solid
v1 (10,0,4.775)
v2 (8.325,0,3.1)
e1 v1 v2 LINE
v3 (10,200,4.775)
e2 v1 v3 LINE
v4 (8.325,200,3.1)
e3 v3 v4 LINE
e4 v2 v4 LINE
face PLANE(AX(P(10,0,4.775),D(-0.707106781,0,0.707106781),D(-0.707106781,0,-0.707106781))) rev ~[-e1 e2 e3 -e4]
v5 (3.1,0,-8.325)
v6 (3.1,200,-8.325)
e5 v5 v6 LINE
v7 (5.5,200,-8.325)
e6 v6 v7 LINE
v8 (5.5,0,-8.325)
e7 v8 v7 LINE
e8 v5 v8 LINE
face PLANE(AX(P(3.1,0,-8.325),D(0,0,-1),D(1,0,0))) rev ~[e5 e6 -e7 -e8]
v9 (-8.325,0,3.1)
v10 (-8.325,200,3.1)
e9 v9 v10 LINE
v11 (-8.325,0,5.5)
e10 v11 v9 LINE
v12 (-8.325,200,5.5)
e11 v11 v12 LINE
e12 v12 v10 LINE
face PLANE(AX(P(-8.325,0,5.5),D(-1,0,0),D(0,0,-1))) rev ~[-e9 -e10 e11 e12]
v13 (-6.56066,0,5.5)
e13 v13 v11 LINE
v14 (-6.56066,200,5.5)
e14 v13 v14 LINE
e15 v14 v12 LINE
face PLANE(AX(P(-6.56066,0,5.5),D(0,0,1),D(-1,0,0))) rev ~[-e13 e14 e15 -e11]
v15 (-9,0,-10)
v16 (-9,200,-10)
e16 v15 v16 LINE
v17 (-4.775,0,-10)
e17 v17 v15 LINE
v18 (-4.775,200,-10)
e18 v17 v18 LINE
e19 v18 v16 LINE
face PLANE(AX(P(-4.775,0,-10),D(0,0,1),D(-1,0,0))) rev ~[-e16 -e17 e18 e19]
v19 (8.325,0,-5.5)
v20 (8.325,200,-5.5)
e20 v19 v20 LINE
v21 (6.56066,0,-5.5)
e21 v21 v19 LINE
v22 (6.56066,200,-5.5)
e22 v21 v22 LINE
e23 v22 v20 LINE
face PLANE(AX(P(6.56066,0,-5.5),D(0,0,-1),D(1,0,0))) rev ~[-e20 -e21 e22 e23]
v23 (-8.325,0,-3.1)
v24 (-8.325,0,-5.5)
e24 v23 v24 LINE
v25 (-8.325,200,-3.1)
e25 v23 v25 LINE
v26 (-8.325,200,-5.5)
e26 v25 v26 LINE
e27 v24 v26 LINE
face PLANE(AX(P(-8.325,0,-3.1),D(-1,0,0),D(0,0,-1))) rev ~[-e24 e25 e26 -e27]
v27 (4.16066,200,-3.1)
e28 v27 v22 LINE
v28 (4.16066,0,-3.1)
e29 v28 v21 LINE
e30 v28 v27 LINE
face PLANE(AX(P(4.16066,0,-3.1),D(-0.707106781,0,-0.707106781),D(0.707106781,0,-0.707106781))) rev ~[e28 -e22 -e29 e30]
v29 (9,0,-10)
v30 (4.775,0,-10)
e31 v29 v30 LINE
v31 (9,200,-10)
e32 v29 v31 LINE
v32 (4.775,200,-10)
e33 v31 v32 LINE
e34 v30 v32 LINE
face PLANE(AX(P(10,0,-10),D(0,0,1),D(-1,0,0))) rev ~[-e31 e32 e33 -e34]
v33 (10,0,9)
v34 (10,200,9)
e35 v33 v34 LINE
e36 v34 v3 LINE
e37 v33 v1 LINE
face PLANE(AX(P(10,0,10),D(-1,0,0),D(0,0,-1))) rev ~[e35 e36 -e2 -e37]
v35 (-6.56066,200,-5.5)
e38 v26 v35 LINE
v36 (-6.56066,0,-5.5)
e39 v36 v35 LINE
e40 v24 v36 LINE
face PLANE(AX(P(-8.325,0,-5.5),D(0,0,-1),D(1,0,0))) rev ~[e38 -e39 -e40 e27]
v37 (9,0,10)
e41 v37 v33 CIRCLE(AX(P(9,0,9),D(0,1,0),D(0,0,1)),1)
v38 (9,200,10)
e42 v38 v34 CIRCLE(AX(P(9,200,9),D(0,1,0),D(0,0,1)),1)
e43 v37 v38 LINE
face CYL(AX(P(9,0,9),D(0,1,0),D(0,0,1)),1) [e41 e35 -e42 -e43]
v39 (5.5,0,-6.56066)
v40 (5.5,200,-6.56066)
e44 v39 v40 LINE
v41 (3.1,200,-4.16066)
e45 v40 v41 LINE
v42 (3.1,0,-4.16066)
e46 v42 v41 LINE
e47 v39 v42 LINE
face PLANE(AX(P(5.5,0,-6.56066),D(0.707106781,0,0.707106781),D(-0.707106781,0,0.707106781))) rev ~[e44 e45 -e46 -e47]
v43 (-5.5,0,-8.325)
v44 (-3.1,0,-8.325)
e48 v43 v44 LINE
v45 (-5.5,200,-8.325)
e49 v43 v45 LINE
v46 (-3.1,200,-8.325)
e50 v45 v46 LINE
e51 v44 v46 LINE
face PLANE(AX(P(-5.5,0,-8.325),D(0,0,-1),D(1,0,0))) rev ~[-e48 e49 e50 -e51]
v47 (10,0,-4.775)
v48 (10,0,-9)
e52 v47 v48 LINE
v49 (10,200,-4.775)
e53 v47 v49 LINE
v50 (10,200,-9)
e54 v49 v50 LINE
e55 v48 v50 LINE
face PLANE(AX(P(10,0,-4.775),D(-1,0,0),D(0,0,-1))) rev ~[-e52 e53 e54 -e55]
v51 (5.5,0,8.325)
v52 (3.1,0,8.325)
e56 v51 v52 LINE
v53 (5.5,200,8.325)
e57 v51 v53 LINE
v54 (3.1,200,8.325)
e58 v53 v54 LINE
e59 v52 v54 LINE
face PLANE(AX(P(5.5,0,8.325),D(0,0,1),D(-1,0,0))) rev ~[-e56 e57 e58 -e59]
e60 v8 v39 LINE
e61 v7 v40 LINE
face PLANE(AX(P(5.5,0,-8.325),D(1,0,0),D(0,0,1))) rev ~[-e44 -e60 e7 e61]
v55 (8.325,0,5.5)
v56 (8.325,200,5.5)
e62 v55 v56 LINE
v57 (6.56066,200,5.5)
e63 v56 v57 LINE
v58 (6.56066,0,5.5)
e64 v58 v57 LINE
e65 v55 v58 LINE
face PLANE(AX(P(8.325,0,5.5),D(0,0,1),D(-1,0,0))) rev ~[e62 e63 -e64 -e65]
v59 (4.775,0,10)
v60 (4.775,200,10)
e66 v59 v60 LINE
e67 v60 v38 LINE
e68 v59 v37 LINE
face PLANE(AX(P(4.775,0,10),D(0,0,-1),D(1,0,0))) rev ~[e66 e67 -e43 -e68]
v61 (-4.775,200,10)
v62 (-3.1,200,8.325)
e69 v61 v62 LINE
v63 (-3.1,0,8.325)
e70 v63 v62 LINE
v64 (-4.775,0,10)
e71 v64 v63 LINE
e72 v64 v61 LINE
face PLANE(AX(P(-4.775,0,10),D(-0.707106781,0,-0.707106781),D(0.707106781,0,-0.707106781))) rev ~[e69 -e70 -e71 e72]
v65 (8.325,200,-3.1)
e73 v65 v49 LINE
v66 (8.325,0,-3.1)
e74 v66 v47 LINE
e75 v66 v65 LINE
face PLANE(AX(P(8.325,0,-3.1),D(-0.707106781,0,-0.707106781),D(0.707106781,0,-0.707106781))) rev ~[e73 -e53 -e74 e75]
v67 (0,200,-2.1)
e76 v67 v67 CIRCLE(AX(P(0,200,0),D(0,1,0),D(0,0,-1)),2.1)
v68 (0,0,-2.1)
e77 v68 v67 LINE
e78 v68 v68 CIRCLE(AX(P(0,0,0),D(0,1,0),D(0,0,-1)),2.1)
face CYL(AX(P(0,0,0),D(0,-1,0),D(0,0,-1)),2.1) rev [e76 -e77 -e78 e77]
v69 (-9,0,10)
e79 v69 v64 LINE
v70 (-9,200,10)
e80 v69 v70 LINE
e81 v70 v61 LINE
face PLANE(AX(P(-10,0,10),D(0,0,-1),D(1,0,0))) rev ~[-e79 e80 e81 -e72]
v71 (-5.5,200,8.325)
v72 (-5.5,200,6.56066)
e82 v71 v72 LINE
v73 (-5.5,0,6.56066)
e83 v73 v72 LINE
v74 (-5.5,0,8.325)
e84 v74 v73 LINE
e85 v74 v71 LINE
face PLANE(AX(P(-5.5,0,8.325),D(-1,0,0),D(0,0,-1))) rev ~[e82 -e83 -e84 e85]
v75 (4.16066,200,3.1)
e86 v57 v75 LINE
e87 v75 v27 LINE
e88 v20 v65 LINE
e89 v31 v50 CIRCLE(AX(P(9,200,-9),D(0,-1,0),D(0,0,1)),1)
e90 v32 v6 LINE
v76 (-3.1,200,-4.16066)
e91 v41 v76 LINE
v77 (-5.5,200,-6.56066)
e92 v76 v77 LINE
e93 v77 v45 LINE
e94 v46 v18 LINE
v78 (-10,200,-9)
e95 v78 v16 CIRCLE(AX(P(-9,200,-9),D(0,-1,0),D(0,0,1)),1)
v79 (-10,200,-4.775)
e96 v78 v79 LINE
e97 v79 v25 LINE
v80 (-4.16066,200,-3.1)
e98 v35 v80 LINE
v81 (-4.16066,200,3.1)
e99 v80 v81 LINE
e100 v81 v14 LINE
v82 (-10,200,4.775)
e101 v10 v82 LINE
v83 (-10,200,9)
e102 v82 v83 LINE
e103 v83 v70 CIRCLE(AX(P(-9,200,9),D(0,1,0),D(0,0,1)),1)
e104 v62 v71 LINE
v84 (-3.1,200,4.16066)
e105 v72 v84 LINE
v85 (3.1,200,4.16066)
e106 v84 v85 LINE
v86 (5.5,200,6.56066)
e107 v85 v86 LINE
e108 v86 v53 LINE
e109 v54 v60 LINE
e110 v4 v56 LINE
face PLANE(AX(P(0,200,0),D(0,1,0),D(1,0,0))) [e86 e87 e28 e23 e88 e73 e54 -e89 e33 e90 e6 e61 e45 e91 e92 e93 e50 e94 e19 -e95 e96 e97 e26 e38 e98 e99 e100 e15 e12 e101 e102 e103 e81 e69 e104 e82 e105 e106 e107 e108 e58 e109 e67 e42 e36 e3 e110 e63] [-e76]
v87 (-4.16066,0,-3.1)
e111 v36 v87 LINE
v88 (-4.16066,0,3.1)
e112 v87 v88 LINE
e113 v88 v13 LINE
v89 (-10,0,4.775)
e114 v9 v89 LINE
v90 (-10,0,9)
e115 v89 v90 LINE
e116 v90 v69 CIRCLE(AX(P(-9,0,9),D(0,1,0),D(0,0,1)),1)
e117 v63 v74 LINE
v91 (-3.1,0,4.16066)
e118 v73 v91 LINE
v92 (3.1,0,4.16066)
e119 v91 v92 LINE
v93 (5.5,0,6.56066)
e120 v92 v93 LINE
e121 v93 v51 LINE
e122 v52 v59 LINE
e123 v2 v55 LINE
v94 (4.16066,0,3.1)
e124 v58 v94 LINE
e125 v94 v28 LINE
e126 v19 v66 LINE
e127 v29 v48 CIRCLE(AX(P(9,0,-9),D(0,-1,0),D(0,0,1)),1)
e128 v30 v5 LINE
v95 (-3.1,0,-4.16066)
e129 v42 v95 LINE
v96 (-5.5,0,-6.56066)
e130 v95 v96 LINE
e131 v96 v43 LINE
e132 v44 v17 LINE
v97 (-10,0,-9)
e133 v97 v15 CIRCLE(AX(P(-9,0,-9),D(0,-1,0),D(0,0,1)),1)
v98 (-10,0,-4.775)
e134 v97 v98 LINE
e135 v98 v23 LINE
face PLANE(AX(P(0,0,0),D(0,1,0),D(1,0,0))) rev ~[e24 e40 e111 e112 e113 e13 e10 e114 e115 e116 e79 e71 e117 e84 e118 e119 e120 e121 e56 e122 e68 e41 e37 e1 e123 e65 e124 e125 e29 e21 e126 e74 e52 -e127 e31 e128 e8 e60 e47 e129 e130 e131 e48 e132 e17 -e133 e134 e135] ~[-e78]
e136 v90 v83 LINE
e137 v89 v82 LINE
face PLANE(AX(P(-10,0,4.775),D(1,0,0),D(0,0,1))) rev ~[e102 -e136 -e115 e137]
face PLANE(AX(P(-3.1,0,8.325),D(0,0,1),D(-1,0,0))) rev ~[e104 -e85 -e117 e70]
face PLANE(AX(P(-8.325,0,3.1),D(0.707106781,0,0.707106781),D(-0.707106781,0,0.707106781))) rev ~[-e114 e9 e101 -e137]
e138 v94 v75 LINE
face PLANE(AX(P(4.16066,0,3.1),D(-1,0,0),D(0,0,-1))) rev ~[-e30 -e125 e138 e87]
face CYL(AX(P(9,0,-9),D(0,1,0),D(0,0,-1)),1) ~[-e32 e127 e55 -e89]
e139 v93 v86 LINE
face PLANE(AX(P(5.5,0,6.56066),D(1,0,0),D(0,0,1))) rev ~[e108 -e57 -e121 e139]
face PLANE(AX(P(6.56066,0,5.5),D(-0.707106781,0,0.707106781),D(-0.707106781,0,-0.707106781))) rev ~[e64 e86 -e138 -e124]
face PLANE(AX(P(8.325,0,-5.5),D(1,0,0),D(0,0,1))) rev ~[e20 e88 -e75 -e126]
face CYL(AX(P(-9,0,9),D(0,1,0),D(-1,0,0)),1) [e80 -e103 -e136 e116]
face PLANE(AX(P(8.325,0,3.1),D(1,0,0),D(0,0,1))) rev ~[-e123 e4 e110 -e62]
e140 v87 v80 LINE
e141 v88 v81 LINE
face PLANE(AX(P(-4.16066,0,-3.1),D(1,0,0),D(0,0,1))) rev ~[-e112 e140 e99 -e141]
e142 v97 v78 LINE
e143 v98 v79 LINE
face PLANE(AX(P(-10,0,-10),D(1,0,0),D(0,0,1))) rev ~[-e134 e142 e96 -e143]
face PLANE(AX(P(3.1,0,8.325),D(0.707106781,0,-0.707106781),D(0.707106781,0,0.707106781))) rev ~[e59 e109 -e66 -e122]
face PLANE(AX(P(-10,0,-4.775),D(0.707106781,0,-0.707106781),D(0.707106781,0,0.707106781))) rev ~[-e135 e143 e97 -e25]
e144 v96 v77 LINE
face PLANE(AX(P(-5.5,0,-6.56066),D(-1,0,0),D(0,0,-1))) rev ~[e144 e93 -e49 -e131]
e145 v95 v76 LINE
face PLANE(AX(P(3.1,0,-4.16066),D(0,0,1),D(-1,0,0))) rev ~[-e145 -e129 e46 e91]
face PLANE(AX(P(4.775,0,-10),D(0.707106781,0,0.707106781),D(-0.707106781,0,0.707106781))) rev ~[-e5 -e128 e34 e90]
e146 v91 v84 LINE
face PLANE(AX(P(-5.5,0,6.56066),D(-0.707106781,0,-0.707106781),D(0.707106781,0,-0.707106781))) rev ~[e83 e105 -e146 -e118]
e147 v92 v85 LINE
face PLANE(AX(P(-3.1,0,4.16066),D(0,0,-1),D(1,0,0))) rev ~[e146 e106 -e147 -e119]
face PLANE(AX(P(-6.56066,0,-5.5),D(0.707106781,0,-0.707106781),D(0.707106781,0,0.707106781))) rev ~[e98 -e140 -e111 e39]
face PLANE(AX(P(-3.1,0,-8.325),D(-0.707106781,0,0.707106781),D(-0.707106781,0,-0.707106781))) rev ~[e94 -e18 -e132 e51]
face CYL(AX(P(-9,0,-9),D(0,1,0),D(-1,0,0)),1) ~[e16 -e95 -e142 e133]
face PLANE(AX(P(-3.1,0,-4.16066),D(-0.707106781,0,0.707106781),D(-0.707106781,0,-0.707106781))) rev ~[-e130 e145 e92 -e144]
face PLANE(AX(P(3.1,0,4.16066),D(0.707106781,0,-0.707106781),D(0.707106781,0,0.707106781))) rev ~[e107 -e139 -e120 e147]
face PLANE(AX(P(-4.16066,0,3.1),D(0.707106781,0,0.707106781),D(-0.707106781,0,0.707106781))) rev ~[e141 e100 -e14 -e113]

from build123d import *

# Parameters (mm, degrees)
MASTERLAYOUTSKETCH_R = 2.1
MAIN_EXTRUSION_DEPTH = 200
EDGE_FILLETS_R       = 1


with BuildPart() as part:
    # MasterLayoutSketch → Main Extrusion (new body)
    with BuildSketch(Plane(origin=(0, 0, 0), x_dir=(1, 0, 0), z_dir=(0, 1, 0))):
        Polygon((-8.325, 3.1), (-8.325, 5.5), (-6.560660172, 5.5), (-4.160660172, 3.1), (-4.160660172, -3.1), (-6.560660172, -5.5), (-8.325, -5.5), (-8.325, -3.1), (-10, -4.775), (-10, -10), (-4.775, -10), (-3.1, -8.325), (-5.5, -8.325), (-5.5, -6.560660172), (-3.1, -4.160660172), (3.1, -4.160660172), (5.5, -6.560660172), (5.5, -8.325), (3.1, -8.325), (4.775, -10), (10, -10), (10, -4.775), (8.325, -3.1), (8.325, -5.5), (6.560660172, -5.5), (4.160660172, -3.1), (4.160660172, 3.1), (6.560660172, 5.5), (8.325, 5.5), (8.325, 3.1), (10, 4.775), (10, 10), (4.775, 10), (3.1, 8.325), (5.5, 8.325), (5.5, 6.560660172), (3.1, 4.160660172), (-3.1, 4.160660172), (-5.5, 6.560660172), (-5.5, 8.325), (-3.1, 8.325), (-4.775, 10), (-10, 10), (-10, 4.775), align=None)
        with Locations(Location((0, 0, 0), (0, 0, 90))):
            Circle(MASTERLAYOUTSKETCH_R, mode=Mode.SUBTRACT)
    extrude(amount=MAIN_EXTRUSION_DEPTH)

    # Edge Fillets
    edge_fillets_edges = [part.edges().sort_by_distance(p)[0] for p in [
        (10, 100, -10),
        (10, 100, 10),
        (-10, 100, 10),
        (-10, 100, -10),
    ]]
    fillet(edge_fillets_edges, radius=EDGE_FILLETS_R)


solid = part.part
